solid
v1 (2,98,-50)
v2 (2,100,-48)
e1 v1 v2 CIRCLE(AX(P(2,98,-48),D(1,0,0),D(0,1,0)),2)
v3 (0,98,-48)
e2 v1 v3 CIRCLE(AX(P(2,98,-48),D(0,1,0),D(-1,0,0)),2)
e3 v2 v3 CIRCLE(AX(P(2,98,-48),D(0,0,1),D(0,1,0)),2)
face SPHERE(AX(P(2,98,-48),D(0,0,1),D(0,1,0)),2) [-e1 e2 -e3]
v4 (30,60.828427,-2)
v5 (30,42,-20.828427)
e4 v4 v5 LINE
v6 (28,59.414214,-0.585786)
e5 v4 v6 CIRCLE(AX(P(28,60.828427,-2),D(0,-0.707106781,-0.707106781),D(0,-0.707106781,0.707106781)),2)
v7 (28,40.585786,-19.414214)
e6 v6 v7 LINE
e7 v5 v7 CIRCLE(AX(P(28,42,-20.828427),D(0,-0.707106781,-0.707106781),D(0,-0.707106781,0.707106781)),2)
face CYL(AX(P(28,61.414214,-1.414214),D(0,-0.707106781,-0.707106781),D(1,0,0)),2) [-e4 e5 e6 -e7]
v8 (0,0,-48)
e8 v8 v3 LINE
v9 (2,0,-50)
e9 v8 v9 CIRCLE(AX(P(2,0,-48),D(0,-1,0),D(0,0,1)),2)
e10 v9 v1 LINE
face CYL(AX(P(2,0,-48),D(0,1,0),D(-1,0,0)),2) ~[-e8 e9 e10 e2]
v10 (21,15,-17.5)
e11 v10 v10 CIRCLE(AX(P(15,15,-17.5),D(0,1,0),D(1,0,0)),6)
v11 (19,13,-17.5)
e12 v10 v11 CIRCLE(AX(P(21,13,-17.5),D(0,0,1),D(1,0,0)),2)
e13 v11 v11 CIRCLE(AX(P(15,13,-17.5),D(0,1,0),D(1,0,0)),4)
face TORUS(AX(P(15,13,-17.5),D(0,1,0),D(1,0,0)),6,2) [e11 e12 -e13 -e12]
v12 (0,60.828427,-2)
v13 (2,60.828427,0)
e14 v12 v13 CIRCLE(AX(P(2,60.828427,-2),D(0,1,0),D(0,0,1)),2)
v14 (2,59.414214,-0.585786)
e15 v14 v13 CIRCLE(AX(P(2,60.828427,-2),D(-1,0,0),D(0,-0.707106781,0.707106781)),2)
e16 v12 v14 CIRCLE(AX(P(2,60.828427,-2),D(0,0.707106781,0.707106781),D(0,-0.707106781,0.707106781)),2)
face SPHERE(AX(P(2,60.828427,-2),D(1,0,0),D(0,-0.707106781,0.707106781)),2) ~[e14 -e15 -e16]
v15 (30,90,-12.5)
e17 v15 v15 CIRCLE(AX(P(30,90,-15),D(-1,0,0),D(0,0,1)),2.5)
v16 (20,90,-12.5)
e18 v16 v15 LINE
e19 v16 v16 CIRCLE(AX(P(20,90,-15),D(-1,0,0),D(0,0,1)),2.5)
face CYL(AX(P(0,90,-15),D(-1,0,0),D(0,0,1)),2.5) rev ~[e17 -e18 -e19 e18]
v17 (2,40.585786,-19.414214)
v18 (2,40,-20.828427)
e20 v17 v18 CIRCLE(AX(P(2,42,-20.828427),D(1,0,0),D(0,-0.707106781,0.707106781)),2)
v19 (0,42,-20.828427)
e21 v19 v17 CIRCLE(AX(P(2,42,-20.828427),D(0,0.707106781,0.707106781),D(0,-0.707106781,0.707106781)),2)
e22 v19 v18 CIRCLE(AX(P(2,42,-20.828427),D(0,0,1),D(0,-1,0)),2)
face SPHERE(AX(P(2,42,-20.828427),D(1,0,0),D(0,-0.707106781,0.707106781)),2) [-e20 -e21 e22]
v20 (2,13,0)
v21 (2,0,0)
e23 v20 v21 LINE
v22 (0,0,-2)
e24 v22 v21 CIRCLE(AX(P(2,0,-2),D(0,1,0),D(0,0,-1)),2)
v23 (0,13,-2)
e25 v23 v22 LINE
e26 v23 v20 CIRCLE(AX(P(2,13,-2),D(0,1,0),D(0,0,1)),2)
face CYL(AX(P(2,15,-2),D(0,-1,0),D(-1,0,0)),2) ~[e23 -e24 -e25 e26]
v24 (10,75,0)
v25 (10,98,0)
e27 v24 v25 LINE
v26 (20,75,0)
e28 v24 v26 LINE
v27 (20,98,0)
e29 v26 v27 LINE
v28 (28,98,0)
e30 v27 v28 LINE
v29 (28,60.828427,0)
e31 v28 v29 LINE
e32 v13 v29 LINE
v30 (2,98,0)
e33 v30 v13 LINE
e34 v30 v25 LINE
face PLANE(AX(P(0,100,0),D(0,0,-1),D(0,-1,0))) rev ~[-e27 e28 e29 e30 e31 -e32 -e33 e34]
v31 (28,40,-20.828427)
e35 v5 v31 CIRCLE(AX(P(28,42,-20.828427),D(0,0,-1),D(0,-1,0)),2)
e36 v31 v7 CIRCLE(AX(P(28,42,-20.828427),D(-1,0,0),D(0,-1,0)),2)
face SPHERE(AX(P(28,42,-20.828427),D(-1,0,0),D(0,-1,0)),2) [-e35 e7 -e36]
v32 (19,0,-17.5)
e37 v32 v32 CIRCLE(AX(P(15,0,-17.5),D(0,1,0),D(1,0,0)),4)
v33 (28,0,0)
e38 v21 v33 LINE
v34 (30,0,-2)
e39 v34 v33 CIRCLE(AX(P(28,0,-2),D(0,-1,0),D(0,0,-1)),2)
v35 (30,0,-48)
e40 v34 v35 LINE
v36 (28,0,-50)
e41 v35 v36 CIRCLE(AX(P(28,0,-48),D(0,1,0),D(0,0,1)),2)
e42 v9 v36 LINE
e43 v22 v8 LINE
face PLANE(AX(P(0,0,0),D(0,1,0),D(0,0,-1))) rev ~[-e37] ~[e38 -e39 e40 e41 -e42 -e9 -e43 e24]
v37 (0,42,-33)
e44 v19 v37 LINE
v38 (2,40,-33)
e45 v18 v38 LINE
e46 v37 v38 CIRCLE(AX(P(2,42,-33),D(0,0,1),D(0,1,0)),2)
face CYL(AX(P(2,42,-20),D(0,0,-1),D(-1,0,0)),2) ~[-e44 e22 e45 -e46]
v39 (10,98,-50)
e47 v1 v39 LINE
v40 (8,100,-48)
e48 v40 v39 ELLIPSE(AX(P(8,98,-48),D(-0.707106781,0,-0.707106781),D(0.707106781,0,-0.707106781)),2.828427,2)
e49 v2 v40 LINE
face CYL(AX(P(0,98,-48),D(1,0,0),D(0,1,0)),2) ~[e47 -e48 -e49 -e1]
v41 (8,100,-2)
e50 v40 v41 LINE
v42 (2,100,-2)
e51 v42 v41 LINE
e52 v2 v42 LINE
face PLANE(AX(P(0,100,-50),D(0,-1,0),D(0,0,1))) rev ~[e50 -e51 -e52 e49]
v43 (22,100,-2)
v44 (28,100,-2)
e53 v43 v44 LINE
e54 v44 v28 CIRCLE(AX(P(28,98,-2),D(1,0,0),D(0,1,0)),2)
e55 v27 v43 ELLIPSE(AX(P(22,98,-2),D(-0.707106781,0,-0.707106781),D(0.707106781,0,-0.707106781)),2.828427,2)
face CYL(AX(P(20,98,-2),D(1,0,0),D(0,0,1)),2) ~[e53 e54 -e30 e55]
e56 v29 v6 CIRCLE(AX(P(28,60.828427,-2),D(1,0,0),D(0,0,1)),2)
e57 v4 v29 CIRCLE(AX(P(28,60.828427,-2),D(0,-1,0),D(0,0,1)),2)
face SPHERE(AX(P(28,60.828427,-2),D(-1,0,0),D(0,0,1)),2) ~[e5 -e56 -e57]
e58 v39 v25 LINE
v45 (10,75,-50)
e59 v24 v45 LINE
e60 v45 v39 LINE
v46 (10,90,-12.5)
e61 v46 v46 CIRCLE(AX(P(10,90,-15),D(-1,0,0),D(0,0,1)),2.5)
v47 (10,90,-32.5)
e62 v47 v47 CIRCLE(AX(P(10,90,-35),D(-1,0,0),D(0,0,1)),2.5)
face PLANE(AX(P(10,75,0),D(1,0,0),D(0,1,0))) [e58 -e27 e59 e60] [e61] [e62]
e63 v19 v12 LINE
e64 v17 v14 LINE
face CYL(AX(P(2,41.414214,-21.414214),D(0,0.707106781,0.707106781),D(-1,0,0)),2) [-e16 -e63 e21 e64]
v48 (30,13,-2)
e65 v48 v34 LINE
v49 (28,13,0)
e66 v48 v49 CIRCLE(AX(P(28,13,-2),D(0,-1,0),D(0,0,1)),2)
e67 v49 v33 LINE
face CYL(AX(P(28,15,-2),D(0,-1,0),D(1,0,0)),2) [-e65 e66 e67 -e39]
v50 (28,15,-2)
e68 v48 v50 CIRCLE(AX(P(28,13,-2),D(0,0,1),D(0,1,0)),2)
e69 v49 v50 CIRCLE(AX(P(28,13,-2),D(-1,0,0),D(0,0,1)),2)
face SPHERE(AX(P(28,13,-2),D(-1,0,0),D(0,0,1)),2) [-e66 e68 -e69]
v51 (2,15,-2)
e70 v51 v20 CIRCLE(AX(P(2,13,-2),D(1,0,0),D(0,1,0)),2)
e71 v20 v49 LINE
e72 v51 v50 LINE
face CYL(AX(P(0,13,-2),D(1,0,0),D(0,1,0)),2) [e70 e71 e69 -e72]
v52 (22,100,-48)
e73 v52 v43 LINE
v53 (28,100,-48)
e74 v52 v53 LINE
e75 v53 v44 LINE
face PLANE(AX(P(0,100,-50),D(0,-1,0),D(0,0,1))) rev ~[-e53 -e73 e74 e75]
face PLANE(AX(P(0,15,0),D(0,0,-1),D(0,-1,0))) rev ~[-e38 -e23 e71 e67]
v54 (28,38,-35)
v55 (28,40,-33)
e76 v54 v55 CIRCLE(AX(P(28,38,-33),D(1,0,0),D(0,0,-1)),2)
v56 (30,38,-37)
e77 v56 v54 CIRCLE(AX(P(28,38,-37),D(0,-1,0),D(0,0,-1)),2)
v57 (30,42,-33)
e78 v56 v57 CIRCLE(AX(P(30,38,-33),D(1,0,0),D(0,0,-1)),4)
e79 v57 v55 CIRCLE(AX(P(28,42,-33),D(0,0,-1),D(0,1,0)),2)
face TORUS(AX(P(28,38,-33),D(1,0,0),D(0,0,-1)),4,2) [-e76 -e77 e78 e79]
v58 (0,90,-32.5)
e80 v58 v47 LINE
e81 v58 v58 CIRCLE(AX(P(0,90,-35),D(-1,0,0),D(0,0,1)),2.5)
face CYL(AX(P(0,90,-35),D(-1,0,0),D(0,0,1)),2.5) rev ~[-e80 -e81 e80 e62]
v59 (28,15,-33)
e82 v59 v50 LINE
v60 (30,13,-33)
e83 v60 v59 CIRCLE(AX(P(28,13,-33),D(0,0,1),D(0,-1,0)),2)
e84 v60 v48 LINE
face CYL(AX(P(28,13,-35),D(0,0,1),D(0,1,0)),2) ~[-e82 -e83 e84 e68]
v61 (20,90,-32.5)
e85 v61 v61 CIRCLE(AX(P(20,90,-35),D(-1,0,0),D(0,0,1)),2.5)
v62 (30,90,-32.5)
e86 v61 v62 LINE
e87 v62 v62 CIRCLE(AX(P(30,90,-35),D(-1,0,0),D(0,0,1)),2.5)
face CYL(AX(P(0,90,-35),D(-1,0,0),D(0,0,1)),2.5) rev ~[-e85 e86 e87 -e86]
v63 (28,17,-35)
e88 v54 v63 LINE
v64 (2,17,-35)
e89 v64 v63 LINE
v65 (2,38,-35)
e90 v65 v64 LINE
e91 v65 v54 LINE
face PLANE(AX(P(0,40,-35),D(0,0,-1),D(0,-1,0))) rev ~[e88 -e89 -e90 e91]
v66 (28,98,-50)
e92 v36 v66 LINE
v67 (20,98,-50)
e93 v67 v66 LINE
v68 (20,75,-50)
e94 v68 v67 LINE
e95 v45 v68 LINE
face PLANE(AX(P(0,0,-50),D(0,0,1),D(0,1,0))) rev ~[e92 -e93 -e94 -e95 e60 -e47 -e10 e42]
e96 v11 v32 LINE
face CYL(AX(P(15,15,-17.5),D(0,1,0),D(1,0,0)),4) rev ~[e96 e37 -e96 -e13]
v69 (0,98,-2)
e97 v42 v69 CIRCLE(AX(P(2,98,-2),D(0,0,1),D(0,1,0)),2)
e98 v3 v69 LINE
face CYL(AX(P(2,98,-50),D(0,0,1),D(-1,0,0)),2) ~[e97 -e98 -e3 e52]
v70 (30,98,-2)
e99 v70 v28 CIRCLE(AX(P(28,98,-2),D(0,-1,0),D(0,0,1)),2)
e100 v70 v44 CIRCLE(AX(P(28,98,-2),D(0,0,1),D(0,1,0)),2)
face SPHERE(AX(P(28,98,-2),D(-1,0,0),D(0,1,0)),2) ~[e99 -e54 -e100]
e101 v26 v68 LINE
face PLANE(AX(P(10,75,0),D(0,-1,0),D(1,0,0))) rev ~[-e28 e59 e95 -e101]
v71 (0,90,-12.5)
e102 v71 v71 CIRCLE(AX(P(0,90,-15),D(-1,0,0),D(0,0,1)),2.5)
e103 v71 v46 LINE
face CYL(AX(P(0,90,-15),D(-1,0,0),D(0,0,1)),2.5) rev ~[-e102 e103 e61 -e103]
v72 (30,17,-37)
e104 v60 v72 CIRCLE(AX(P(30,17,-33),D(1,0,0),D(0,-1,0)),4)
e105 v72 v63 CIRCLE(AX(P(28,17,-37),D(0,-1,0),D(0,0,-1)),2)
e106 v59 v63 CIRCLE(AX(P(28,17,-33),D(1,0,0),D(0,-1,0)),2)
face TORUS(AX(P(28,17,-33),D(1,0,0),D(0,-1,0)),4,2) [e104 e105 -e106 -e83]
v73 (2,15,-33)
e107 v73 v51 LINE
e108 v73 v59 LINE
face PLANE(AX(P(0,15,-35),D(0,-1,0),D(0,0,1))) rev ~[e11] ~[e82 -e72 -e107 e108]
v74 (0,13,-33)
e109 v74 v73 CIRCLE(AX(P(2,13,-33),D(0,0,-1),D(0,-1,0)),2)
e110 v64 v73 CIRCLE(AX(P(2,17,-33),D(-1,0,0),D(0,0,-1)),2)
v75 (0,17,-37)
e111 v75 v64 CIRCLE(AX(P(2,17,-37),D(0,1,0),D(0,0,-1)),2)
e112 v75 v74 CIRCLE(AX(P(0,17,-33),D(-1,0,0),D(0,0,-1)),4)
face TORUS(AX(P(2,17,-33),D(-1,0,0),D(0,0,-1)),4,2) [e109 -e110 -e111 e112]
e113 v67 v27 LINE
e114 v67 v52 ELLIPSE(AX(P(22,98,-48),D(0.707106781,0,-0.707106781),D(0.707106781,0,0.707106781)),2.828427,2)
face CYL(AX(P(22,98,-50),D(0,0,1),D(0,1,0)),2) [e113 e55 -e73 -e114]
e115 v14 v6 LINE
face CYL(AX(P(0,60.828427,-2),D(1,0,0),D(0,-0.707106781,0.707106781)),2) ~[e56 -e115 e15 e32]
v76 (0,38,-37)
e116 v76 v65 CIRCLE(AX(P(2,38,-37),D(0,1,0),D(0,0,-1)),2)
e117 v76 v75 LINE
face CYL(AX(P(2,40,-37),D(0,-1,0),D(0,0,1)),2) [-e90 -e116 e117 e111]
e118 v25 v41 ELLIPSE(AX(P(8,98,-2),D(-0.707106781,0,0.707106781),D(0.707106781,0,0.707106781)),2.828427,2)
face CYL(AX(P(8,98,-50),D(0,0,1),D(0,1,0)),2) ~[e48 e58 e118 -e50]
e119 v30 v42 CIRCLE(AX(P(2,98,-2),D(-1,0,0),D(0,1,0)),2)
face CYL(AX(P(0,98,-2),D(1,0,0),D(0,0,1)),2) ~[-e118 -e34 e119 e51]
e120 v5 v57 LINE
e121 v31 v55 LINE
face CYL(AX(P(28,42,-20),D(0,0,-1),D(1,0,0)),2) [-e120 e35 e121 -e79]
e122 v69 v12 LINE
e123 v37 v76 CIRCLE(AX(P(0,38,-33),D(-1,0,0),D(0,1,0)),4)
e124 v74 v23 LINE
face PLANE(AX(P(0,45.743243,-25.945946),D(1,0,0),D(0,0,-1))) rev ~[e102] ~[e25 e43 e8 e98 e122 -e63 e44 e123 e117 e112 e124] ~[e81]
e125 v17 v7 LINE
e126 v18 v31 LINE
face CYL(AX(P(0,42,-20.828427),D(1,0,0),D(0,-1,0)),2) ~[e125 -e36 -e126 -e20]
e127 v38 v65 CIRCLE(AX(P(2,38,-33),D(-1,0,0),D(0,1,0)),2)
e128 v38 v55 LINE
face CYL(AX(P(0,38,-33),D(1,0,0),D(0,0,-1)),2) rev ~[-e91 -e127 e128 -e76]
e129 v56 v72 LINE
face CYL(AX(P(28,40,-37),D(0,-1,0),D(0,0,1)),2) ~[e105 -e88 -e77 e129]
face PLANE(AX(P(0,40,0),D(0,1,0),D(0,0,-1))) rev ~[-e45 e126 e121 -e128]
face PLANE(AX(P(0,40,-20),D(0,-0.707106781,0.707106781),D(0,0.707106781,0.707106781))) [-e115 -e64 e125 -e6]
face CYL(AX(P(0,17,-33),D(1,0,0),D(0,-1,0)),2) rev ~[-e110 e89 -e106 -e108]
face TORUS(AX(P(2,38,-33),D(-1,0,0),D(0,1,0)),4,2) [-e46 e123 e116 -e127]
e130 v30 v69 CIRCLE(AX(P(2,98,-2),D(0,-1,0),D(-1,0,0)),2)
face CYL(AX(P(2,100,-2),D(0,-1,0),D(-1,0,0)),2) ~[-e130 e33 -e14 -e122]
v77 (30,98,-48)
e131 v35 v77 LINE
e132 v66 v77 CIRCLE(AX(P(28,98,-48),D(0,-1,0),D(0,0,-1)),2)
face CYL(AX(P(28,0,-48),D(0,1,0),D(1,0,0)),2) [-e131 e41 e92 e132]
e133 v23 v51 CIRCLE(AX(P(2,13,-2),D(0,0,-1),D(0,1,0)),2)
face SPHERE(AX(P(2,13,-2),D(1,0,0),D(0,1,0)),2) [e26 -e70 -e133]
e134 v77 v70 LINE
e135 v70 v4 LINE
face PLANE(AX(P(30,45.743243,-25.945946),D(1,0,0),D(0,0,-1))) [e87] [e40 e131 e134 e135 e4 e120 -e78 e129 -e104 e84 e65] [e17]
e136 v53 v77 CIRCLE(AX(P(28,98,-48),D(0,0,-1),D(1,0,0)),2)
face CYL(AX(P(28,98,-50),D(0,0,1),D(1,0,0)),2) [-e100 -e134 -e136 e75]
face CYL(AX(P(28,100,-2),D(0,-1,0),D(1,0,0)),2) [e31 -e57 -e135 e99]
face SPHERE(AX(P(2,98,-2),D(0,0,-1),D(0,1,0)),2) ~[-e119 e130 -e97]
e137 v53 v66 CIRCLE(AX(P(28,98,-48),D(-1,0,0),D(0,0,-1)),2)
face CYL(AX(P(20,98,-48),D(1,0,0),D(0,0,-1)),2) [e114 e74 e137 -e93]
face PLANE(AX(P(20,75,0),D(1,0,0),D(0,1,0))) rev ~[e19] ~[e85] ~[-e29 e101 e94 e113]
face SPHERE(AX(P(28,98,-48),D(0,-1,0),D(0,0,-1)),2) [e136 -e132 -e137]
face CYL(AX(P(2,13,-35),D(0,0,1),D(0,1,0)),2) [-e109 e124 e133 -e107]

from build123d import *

# Parameters (mm, degrees)
BOSS_EXTRUDE1_DEPTH = 30
SKETCH3_R           = 4
CUT_EXTRUDE1_DEPTH  = 30
SKETCH4_W           = 10
SKETCH4_H           = 50
CUT_EXTRUDE2_DEPTH  = 51
SKETCH5_R           = 2.5
CUT_EXTRUDE3_DEPTH  = 30
FILLET1_R           = 2
CUT_EXTRUDE4_DEPTH  = 31
FILLET2_R           = 2


with BuildPart() as part:
    # Sketch2 → Boss-Extrude1 (new body)
    with BuildSketch(Plane(origin=(0, 0, 0), x_dir=(0, 0, -1), z_dir=(1, 0, 0))):
        Polygon((0, 40), (35, 40), (35, 15), (0, 15), (0, 0), (50, 0), (50, 100), (0, 100), align=None)
    extrude(amount=BOSS_EXTRUDE1_DEPTH)

    # Sketch3 → Cut-Extrude1 (cut)
    with BuildSketch(Plane(origin=(0, 15, 0), x_dir=(1, 0, 0), z_dir=(0, 1, 0))):
        with Locations((15, 17.5)):
            Circle(SKETCH3_R)
    extrude(amount=-CUT_EXTRUDE1_DEPTH, mode=Mode.SUBTRACT)

    # Sketch4 → Cut-Extrude2 (cut, through all)
    with BuildSketch(Plane.XY):
        with Locations((15, 100)):
            Rectangle(SKETCH4_W, SKETCH4_H)
    extrude(amount=-CUT_EXTRUDE2_DEPTH, mode=Mode.SUBTRACT)

    # Sketch5 → Cut-Extrude3 (cut)
    with BuildSketch(Plane.ZY):
        with Locations((-35, 90)):
            Circle(SKETCH5_R)
        with Locations((-15, 90)):
            Circle(SKETCH5_R)
    extrude(amount=-CUT_EXTRUDE3_DEPTH, mode=Mode.SUBTRACT)

    # Fillet1
    fillet1_edges = [part.edges().sort_by_distance(p)[0] for p in [
        (11, 15, -17.5),
    ]]
    fillet(fillet1_edges, radius=FILLET1_R)

    # Sketch6 → Cut-Extrude4 (cut, through all)
    with BuildSketch(Plane.ZY):
        Polygon((-20, 40), (0, 60), (0, 40), align=None)
    extrude(amount=-CUT_EXTRUDE4_DEPTH, mode=Mode.SUBTRACT)

    # Fillet2
    fillet2_edges = [part.edges().sort_by_distance(p)[0] for p in [
        (30, 50, -50),
        (0, 100, -25),
        (15, 40, -35),
        (15, 15, -35),
        (15, 15, 0),
        (25, 100, -50),
        (25, 100, 0),
        (30, 7.5, 0),
        (30, 15, -17.5),
        (30, 27.5, -35),
        (5, 100, 0),
        (5, 100, -50),
        (10, 100, -25),
        (20, 100, -25),
        (30, 100, -25),
        (0, 80, 0),
        (0, 40, -27.5),
        (30, 80, 0),
        (30, 40, -27.5),
        (30, 50, -10),
        (15, 40, -20),
        (15, 60, 0),
        (0, 50, -10),
        (0, 27.5, -35),
        (0, 15, -17.5),
        (0, 7.5, 0),
        (0, 50, -50),
    ]]
    fillet(fillet2_edges, radius=FILLET2_R)


solid = part.part
